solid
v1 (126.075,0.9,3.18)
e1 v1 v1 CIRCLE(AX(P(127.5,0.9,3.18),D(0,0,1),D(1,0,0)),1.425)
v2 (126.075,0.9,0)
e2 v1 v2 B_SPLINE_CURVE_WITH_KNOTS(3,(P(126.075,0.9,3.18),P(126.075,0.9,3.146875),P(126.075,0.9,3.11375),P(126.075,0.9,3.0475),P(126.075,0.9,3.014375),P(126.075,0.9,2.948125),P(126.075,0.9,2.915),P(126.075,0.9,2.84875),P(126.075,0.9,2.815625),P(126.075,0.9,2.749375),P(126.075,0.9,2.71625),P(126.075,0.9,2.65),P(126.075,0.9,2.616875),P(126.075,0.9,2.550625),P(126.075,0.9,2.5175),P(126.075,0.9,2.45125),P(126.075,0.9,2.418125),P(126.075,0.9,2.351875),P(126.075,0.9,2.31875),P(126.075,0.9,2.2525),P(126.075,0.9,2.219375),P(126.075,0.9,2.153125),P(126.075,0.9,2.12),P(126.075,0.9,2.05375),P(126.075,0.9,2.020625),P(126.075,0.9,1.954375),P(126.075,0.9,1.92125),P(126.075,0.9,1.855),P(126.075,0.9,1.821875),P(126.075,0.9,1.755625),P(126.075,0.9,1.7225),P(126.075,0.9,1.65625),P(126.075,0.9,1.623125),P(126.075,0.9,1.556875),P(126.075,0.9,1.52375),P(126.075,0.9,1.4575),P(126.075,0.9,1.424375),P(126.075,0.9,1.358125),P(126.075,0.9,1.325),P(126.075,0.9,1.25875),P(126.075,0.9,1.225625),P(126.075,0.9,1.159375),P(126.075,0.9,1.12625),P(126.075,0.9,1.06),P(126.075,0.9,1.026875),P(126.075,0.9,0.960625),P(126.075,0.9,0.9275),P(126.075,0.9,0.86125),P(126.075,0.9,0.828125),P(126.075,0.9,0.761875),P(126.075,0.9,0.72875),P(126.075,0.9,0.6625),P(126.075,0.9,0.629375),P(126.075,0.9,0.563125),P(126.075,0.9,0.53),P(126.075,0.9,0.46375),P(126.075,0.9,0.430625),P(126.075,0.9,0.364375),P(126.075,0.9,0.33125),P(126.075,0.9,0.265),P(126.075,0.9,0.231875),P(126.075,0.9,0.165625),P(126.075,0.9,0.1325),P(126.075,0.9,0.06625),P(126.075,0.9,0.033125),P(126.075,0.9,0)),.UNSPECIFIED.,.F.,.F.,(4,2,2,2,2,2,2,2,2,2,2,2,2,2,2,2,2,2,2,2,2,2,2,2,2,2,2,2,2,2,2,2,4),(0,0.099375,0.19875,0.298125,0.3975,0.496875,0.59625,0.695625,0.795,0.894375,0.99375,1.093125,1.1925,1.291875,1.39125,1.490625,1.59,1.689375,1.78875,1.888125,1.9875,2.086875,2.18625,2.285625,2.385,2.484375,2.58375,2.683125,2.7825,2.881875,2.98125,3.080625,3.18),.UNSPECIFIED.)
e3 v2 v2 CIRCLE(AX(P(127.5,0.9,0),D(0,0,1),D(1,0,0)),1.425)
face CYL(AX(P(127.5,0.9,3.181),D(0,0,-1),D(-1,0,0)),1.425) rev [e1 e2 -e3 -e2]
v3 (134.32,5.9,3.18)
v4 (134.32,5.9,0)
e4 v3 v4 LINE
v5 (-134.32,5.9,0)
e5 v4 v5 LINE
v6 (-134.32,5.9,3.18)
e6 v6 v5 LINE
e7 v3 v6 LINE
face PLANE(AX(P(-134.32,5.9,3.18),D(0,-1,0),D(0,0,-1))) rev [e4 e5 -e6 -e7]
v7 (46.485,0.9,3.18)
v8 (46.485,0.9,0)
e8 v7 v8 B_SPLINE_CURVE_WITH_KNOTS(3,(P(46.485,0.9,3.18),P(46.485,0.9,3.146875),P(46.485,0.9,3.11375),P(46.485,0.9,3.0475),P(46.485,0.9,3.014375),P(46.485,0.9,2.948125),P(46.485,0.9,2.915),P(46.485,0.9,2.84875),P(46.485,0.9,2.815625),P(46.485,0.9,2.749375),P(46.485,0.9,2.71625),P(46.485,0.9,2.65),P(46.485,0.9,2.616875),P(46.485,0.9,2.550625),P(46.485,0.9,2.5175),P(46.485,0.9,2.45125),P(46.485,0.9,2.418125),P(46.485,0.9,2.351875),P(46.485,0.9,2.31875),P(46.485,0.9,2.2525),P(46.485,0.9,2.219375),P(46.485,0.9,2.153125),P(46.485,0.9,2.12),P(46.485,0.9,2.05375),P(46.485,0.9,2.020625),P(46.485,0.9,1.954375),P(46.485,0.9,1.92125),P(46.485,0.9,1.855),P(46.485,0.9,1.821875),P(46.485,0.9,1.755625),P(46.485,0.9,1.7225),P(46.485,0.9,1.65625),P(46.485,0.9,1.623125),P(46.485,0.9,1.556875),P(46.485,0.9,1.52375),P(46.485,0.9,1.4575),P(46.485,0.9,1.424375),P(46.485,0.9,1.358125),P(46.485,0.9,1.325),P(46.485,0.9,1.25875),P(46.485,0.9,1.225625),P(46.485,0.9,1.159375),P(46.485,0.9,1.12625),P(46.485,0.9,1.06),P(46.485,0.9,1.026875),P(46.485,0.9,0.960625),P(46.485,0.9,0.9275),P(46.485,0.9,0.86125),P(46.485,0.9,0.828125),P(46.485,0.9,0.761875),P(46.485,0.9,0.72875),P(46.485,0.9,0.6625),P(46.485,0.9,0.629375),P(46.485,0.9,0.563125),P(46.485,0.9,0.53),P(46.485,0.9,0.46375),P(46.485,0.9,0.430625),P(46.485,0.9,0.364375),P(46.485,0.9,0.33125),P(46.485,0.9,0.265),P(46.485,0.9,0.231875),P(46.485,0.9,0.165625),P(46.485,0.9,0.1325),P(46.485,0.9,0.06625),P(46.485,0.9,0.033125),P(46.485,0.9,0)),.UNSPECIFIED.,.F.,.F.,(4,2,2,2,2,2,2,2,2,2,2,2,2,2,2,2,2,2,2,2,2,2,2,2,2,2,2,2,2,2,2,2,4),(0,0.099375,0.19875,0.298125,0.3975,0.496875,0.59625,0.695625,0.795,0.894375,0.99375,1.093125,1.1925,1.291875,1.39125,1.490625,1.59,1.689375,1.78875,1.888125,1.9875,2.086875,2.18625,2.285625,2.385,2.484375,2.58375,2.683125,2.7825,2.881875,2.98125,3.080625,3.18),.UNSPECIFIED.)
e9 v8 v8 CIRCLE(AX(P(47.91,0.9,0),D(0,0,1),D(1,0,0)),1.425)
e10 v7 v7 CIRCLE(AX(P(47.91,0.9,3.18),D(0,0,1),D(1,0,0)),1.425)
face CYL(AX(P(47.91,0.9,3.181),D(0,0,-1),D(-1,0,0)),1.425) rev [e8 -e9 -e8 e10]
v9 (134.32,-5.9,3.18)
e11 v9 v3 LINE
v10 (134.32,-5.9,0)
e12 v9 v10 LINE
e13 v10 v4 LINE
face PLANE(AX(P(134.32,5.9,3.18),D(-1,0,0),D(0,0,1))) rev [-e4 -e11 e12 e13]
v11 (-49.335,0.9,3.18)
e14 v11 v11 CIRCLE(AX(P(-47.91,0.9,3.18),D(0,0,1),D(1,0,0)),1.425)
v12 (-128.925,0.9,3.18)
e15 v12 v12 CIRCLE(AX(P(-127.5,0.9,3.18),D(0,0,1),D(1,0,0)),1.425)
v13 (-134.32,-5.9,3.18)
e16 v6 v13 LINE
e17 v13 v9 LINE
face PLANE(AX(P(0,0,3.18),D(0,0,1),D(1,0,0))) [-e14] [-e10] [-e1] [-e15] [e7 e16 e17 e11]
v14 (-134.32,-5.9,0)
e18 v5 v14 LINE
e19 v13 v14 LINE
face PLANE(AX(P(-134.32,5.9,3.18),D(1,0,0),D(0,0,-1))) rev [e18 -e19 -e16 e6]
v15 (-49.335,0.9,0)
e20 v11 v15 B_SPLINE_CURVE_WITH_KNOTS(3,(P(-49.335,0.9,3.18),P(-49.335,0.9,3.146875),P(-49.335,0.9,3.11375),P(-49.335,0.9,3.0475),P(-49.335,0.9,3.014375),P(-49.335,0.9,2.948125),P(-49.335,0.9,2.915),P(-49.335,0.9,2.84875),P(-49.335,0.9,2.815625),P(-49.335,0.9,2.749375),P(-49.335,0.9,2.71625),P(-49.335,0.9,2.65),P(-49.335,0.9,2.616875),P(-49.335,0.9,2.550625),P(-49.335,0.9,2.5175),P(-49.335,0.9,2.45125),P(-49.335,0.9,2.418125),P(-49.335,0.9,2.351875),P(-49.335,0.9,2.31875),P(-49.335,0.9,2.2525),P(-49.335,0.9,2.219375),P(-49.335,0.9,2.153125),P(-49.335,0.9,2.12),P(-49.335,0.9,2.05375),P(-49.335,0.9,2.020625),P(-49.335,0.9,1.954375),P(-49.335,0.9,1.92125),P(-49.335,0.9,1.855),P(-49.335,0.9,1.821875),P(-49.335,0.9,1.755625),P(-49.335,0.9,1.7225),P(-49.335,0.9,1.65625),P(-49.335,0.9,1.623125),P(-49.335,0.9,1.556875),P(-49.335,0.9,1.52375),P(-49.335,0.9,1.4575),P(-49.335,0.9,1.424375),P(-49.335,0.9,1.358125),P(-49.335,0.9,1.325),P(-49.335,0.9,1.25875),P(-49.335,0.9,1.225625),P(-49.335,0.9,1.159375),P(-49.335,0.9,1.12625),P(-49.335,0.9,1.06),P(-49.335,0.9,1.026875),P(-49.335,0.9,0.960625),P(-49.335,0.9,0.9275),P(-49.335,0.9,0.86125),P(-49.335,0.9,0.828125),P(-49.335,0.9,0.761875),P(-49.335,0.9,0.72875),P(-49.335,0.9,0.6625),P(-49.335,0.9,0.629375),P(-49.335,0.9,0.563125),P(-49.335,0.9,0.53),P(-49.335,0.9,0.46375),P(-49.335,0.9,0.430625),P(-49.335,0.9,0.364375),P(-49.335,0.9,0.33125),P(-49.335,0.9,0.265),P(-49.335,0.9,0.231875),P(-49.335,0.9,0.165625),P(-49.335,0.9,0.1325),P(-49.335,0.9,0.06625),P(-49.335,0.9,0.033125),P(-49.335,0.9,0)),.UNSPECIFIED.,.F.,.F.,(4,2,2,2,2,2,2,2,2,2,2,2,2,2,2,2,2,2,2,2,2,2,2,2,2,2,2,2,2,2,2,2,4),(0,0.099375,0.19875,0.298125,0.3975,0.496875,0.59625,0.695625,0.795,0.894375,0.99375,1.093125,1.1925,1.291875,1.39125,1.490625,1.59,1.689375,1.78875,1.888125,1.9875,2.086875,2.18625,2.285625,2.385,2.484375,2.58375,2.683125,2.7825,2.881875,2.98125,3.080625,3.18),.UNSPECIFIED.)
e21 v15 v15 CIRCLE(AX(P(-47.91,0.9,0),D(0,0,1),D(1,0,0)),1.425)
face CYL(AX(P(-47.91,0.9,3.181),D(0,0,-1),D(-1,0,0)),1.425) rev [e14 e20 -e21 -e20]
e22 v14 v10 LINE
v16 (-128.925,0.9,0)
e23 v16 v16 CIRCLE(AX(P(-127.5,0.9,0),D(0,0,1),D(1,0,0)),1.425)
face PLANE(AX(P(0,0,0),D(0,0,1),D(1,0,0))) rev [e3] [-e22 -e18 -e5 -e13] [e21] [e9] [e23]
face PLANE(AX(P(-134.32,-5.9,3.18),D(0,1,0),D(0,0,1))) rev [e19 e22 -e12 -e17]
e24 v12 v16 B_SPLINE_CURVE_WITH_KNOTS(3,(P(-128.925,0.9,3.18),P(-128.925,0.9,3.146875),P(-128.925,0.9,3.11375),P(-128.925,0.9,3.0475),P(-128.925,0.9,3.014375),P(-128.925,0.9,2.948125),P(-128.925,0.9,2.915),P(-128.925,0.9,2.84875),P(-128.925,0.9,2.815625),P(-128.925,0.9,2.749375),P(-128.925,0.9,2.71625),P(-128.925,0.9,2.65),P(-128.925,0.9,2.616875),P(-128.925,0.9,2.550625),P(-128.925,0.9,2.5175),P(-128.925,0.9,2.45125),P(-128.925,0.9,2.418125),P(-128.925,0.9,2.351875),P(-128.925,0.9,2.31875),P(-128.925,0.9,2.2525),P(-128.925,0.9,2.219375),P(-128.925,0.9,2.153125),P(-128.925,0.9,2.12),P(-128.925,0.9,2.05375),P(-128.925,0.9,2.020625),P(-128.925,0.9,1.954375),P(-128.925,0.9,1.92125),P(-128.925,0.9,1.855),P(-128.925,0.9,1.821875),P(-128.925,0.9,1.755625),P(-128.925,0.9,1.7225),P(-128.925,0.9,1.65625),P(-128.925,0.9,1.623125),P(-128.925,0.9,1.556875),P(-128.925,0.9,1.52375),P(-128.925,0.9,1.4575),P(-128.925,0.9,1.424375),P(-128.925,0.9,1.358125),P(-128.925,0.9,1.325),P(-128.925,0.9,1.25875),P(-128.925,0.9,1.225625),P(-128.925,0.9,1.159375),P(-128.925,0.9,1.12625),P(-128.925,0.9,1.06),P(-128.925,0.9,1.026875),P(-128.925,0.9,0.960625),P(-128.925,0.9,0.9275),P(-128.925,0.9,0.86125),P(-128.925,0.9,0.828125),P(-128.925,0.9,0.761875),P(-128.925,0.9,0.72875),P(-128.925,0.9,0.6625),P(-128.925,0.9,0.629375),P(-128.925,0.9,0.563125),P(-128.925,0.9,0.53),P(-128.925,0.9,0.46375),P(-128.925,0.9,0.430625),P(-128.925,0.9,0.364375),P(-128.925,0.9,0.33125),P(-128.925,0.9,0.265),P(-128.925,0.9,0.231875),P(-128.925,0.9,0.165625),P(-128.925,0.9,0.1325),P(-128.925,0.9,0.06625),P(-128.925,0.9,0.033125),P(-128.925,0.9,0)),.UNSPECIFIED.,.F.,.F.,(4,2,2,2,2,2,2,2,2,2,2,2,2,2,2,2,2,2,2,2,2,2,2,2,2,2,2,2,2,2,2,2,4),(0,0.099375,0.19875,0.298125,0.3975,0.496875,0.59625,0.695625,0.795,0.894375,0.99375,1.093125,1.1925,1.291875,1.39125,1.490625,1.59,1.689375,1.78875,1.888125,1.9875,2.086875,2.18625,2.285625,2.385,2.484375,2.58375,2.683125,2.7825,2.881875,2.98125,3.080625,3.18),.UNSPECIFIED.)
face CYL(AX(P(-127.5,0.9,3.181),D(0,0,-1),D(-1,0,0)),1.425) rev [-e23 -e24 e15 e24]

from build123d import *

# Parameters (mm, degrees)
SKETCH1_W           = 268.64
SKETCH1_H           = 11.8
BOSS_EXTRUDE1_DEPTH = 3.18
CUT_EXTRUDE1_REACH  = 136.487
SKETCH3_R           = 1.425


with BuildPart() as part:
    # Sketch1 → Boss-Extrude1 (new body)
    with BuildSketch(Plane.XY):
        Rectangle(SKETCH1_W, SKETCH1_H)
    extrude(amount=BOSS_EXTRUDE1_DEPTH)

    # Sketch3 → Cut-Extrude1 (cut, up to next)
    with BuildSketch(Plane.XY, mode=Mode.PRIVATE) as cut_extrude1_sk1:
        with Locations(Location((127.5, 0.9, 0), (0, 0, 180))):
            Circle(SKETCH3_R)
    cut_extrude1_tool1 = extrude(cut_extrude1_sk1.sketch, amount=CUT_EXTRUDE1_REACH, mode=Mode.PRIVATE) & part.part
    # Sketch3 → Cut-Extrude1 (cut, up to next)
    with BuildSketch(Plane.XY, mode=Mode.PRIVATE) as cut_extrude1_sk2:
        with Locations(Location((47.91, 0.9, 0), (0, 0, 180))):
            Circle(SKETCH3_R)
    cut_extrude1_tool2 = extrude(cut_extrude1_sk2.sketch, amount=CUT_EXTRUDE1_REACH, mode=Mode.PRIVATE) & part.part
    # Sketch3 → Cut-Extrude1 (cut, up to next)
    with BuildSketch(Plane.XY, mode=Mode.PRIVATE) as cut_extrude1_sk3:
        with Locations(Location((-47.91, 0.9, 0), (0, 0, 180))):
            Circle(SKETCH3_R)
    cut_extrude1_tool3 = extrude(cut_extrude1_sk3.sketch, amount=CUT_EXTRUDE1_REACH, mode=Mode.PRIVATE) & part.part
    # Sketch3 → Cut-Extrude1 (cut, up to next)
    with BuildSketch(Plane.XY, mode=Mode.PRIVATE) as cut_extrude1_sk4:
        with Locations(Location((-127.5, 0.9, 0), (0, 0, 180))):
            Circle(SKETCH3_R)
    cut_extrude1_tool4 = extrude(cut_extrude1_sk4.sketch, amount=CUT_EXTRUDE1_REACH, mode=Mode.PRIVATE) & part.part
    add(cut_extrude1_tool1.solids().sort_by_distance((127.5, 0.9, 0))[0], mode=Mode.SUBTRACT)
    add(cut_extrude1_tool2.solids().sort_by_distance((47.91, 0.9, 0))[0], mode=Mode.SUBTRACT)
    add(cut_extrude1_tool3.solids().sort_by_distance((-47.91, 0.9, 0))[0], mode=Mode.SUBTRACT)
    add(cut_extrude1_tool4.solids().sort_by_distance((-127.5, 0.9, 0))[0], mode=Mode.SUBTRACT)


solid = part.part
